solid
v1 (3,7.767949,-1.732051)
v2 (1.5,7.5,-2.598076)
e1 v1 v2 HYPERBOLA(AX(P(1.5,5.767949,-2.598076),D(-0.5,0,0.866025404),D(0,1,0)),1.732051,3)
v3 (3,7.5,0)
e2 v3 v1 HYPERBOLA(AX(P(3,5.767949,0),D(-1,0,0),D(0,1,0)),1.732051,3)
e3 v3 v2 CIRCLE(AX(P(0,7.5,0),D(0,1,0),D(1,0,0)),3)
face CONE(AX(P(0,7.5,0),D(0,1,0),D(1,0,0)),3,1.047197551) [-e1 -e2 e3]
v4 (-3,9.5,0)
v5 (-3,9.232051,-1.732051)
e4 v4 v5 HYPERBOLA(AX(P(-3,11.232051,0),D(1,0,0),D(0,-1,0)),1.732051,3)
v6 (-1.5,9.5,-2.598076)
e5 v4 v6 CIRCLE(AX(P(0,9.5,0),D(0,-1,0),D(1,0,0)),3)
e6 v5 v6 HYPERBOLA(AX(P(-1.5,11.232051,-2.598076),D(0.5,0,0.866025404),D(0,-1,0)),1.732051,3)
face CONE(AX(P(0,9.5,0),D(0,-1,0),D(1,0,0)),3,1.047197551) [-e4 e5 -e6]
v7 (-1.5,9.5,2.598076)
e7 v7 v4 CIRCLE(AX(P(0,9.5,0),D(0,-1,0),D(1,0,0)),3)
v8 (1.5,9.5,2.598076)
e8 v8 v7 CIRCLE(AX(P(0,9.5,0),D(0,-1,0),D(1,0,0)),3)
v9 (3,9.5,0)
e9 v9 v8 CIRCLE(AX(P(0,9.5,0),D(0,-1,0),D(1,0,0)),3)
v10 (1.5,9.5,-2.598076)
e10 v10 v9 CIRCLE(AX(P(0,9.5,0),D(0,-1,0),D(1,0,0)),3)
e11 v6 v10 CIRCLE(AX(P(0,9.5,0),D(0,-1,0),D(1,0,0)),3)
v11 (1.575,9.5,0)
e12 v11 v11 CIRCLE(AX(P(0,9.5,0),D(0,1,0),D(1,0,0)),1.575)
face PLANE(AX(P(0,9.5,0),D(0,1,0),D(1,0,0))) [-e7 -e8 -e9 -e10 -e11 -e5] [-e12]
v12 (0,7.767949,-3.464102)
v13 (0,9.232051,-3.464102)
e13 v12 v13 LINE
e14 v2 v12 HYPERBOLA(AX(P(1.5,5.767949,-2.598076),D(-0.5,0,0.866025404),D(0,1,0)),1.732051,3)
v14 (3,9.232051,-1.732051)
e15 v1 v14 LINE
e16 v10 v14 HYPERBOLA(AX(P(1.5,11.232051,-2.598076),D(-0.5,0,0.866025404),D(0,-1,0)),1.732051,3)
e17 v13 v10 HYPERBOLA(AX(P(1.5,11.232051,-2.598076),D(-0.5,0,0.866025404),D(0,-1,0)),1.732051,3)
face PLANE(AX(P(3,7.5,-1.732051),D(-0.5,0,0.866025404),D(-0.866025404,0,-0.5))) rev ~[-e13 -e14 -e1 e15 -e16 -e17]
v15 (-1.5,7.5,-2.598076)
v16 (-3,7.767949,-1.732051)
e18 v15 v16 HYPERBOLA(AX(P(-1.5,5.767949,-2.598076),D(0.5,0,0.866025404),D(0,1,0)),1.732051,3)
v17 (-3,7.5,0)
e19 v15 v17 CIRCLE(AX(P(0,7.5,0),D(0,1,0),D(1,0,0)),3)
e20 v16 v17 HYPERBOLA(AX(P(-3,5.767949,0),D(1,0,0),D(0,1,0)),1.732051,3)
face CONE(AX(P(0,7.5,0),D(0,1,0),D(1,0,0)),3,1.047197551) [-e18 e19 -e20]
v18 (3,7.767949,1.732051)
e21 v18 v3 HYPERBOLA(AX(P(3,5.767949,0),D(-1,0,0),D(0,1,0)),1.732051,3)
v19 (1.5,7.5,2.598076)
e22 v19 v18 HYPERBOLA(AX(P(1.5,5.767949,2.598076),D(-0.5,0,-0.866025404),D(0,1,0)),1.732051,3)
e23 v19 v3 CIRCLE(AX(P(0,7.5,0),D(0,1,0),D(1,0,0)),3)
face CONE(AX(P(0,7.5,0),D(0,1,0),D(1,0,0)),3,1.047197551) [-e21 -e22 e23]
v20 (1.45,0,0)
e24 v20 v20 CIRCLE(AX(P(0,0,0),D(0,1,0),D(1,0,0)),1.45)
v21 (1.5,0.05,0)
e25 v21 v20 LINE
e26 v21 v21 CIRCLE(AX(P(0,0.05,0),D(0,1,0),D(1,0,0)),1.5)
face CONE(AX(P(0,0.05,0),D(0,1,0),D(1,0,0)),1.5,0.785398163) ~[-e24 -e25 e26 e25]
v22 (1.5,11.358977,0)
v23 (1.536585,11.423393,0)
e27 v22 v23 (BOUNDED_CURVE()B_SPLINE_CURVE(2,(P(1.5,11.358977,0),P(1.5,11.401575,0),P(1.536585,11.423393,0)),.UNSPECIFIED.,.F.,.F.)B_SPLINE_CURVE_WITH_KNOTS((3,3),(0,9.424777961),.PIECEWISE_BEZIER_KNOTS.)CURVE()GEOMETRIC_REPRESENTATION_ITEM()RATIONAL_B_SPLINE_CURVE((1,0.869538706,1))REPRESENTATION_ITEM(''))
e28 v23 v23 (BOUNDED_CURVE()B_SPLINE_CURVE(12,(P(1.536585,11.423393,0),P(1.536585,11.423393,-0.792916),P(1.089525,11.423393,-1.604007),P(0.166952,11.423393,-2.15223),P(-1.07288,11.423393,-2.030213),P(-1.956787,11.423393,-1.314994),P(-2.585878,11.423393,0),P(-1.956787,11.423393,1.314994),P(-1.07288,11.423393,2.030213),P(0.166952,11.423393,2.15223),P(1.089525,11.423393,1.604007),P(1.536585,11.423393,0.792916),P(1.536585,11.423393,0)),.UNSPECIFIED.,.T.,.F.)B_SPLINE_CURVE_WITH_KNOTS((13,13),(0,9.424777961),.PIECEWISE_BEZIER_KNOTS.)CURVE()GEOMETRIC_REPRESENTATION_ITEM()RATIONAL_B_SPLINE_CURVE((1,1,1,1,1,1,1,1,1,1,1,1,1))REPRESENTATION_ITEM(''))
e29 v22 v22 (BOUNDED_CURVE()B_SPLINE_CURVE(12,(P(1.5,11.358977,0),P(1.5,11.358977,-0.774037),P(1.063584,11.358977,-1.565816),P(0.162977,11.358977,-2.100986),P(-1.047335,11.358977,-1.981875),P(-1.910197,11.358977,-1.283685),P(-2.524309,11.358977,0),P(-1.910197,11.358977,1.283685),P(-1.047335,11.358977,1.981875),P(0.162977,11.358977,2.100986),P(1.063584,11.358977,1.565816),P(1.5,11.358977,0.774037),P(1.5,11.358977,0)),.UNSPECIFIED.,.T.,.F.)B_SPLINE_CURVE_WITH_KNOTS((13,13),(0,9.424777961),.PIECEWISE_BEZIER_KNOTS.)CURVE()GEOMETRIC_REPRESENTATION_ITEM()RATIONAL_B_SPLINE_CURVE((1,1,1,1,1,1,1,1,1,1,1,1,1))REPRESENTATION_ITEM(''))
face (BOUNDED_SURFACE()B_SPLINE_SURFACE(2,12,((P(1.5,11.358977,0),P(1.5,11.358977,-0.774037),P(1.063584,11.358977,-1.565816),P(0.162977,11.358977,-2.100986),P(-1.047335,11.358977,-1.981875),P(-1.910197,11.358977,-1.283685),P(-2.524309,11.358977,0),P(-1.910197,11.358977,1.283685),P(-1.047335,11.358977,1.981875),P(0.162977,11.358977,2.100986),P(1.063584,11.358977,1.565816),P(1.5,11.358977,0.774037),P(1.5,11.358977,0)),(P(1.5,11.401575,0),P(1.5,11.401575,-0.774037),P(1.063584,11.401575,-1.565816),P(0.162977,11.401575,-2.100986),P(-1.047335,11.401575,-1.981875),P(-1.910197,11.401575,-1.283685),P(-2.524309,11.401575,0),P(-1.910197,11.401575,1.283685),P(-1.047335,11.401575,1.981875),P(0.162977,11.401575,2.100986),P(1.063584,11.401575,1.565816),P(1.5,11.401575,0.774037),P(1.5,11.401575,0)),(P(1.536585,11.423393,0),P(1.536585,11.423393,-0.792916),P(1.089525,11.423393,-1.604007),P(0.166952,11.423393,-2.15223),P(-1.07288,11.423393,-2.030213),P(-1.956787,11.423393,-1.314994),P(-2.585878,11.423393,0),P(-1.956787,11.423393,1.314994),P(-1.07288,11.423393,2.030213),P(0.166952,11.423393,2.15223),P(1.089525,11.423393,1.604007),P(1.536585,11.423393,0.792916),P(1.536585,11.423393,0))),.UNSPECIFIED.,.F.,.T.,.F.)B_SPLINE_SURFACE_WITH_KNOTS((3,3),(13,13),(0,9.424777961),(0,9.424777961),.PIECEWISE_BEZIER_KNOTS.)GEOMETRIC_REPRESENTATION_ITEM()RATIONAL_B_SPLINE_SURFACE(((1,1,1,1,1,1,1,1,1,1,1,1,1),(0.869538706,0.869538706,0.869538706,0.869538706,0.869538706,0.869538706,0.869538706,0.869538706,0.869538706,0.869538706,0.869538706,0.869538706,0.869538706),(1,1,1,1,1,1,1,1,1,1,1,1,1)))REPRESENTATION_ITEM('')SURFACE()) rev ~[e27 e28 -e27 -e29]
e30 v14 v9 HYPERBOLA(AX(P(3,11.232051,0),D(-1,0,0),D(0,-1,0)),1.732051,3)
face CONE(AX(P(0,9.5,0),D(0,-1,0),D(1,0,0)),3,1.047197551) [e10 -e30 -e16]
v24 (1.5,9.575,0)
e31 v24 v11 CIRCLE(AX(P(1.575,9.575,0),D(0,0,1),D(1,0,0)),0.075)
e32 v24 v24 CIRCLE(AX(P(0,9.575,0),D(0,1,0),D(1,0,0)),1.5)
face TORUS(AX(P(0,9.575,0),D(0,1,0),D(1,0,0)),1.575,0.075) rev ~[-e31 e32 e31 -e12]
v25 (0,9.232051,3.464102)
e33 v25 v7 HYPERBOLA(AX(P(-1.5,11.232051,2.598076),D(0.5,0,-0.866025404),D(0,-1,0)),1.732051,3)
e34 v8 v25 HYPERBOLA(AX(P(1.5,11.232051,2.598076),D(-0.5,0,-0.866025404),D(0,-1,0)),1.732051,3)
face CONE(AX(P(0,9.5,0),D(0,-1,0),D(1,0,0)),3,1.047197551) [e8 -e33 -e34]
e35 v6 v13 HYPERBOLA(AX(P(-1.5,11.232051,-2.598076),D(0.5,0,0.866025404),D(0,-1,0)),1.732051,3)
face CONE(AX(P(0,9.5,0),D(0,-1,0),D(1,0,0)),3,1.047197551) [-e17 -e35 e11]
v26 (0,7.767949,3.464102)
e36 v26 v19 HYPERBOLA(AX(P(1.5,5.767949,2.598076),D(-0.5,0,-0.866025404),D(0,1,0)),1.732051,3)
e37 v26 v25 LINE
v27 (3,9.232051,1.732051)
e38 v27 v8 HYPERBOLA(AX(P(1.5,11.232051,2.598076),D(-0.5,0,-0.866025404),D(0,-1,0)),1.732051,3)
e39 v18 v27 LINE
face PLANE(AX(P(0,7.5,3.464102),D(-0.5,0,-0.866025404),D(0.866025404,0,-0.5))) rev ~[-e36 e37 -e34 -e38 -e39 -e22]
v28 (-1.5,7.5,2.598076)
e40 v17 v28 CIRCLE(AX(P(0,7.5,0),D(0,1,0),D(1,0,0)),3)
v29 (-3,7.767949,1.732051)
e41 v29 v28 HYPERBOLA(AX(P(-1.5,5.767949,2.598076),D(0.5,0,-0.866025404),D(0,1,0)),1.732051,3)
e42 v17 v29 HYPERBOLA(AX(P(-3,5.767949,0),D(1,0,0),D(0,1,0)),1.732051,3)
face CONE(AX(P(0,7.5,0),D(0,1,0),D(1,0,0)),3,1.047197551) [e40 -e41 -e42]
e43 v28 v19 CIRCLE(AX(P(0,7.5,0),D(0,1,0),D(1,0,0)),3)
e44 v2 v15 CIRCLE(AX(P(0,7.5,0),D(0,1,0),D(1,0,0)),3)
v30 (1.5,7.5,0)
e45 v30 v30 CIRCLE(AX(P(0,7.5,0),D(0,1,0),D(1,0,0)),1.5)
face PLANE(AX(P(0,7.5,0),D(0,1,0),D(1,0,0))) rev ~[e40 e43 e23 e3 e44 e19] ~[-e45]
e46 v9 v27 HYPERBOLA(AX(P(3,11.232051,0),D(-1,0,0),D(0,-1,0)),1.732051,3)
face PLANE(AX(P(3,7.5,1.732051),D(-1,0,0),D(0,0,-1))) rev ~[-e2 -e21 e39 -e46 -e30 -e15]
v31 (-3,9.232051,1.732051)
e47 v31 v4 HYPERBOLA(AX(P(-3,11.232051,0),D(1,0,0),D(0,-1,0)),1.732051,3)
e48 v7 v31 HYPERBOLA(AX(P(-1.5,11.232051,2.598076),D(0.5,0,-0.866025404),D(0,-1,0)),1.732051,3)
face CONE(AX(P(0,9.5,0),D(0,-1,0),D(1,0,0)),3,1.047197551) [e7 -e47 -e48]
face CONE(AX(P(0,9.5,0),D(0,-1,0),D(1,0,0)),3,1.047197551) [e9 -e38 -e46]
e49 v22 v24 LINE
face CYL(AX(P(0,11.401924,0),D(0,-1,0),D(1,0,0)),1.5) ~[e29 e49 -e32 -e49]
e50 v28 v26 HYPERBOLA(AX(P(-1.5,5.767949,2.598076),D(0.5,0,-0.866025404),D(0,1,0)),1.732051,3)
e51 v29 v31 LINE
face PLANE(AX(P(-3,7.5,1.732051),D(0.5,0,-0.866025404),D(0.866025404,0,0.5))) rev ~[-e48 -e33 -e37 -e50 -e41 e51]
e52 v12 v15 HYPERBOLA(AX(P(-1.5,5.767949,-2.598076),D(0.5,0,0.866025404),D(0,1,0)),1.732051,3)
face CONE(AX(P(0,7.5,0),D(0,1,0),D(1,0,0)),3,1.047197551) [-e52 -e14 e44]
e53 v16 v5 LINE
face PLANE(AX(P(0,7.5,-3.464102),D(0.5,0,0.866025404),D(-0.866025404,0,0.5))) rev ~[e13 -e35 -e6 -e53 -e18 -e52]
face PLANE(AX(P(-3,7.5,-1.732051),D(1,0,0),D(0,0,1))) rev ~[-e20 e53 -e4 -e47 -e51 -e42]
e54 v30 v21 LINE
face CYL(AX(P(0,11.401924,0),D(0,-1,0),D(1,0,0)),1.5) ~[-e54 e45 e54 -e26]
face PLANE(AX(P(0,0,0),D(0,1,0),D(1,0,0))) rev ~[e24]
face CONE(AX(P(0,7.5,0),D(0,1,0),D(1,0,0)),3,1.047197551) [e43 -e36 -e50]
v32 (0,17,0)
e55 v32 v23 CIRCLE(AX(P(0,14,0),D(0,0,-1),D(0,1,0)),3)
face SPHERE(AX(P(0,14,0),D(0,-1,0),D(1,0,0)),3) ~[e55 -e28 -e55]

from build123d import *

# Parameters (mm, degrees)
CHAMFER1_SIZE       = 0.05
SKETCH4_R           = 1.5
BOSS_EXTRUDE2_DEPTH = 2
SKETCH5_OUTSIDE_W   = 18.79
SKETCH5_OUTSIDE_H   = 19.718
SKETCH5_OUTSIDE_R   = 3
CUT_EXTRUDE1_DEPTH  = 2
CUT_EXTRUDE1_TAPER  = 60
SKETCH6_OUTSIDE_W   = 18.79
SKETCH6_OUTSIDE_H   = 19.718
SKETCH6_OUTSIDE_R   = 3
CUT_EXTRUDE2_DEPTH  = 2
CUT_EXTRUDE2_TAPER  = 60
FILLET1_R           = 0.075


with BuildPart() as part:
    # Sketch1 → Revolve2 (revolve)
    with BuildSketch(Plane.XY):
        with BuildLine():
            Line((0, 0), (0, 11))
            Line((0, 11), (0, 17))
            ThreePointArc((0, 17), (2.897777479, 14.776457135), (1.5, 11.401923789))
            Line((1.5, 11.401923789), (1.5, 0))
            Line((1.5, 0), (0, 0))
        make_face()
    revolve(axis=Axis((0, 0, 0), (0, 1, 0)))

    # Chamfer1
    chamfer1_edges = [part.edges().sort_by_distance(p)[0] for p in [
        (-1.5, 0, 0),
    ]]
    chamfer(chamfer1_edges, length=CHAMFER1_SIZE)

    # Sketch4 → Boss-Extrude2 (add)
    with BuildSketch(Plane(origin=(0, 7.5, 0), x_dir=(1, 0, 0), z_dir=(0, 1, 0))):
        Polygon((0, -3.464101615), (3, -1.732050808), (3, 1.732050808), (0, 3.464101615), (-3, 1.732050808), (-3, -1.732050808), align=None)
        Circle(SKETCH4_R, mode=Mode.SUBTRACT)
    extrude(amount=BOSS_EXTRUDE2_DEPTH)

    # Sketch5 outside → Cut-Extrude1 (cut)
    with BuildSketch(Plane.XZ.offset(-7.5)):
        Rectangle(SKETCH5_OUTSIDE_W, SKETCH5_OUTSIDE_H)
        Circle(SKETCH5_OUTSIDE_R, mode=Mode.SUBTRACT)
    extrude(amount=-CUT_EXTRUDE1_DEPTH, taper=CUT_EXTRUDE1_TAPER, mode=Mode.SUBTRACT)

    # Sketch6 outside → Cut-Extrude2 (cut)
    with BuildSketch(Plane(origin=(0, 9.5, 0), x_dir=(1, 0, 0), z_dir=(0, 1, 0))):
        Rectangle(SKETCH6_OUTSIDE_W, SKETCH6_OUTSIDE_H)
        Circle(SKETCH6_OUTSIDE_R, mode=Mode.SUBTRACT)
    extrude(amount=-CUT_EXTRUDE2_DEPTH, taper=CUT_EXTRUDE2_TAPER, mode=Mode.SUBTRACT)

    # Fillet1
    fillet1_edges = [part.edges().sort_by_distance(p)[0] for p in [
        (-1.5, 9.5, 0),
        (-1.5, 11.401923789, 0),
    ]]
    fillet(fillet1_edges, radius=FILLET1_R)


solid = part.part
